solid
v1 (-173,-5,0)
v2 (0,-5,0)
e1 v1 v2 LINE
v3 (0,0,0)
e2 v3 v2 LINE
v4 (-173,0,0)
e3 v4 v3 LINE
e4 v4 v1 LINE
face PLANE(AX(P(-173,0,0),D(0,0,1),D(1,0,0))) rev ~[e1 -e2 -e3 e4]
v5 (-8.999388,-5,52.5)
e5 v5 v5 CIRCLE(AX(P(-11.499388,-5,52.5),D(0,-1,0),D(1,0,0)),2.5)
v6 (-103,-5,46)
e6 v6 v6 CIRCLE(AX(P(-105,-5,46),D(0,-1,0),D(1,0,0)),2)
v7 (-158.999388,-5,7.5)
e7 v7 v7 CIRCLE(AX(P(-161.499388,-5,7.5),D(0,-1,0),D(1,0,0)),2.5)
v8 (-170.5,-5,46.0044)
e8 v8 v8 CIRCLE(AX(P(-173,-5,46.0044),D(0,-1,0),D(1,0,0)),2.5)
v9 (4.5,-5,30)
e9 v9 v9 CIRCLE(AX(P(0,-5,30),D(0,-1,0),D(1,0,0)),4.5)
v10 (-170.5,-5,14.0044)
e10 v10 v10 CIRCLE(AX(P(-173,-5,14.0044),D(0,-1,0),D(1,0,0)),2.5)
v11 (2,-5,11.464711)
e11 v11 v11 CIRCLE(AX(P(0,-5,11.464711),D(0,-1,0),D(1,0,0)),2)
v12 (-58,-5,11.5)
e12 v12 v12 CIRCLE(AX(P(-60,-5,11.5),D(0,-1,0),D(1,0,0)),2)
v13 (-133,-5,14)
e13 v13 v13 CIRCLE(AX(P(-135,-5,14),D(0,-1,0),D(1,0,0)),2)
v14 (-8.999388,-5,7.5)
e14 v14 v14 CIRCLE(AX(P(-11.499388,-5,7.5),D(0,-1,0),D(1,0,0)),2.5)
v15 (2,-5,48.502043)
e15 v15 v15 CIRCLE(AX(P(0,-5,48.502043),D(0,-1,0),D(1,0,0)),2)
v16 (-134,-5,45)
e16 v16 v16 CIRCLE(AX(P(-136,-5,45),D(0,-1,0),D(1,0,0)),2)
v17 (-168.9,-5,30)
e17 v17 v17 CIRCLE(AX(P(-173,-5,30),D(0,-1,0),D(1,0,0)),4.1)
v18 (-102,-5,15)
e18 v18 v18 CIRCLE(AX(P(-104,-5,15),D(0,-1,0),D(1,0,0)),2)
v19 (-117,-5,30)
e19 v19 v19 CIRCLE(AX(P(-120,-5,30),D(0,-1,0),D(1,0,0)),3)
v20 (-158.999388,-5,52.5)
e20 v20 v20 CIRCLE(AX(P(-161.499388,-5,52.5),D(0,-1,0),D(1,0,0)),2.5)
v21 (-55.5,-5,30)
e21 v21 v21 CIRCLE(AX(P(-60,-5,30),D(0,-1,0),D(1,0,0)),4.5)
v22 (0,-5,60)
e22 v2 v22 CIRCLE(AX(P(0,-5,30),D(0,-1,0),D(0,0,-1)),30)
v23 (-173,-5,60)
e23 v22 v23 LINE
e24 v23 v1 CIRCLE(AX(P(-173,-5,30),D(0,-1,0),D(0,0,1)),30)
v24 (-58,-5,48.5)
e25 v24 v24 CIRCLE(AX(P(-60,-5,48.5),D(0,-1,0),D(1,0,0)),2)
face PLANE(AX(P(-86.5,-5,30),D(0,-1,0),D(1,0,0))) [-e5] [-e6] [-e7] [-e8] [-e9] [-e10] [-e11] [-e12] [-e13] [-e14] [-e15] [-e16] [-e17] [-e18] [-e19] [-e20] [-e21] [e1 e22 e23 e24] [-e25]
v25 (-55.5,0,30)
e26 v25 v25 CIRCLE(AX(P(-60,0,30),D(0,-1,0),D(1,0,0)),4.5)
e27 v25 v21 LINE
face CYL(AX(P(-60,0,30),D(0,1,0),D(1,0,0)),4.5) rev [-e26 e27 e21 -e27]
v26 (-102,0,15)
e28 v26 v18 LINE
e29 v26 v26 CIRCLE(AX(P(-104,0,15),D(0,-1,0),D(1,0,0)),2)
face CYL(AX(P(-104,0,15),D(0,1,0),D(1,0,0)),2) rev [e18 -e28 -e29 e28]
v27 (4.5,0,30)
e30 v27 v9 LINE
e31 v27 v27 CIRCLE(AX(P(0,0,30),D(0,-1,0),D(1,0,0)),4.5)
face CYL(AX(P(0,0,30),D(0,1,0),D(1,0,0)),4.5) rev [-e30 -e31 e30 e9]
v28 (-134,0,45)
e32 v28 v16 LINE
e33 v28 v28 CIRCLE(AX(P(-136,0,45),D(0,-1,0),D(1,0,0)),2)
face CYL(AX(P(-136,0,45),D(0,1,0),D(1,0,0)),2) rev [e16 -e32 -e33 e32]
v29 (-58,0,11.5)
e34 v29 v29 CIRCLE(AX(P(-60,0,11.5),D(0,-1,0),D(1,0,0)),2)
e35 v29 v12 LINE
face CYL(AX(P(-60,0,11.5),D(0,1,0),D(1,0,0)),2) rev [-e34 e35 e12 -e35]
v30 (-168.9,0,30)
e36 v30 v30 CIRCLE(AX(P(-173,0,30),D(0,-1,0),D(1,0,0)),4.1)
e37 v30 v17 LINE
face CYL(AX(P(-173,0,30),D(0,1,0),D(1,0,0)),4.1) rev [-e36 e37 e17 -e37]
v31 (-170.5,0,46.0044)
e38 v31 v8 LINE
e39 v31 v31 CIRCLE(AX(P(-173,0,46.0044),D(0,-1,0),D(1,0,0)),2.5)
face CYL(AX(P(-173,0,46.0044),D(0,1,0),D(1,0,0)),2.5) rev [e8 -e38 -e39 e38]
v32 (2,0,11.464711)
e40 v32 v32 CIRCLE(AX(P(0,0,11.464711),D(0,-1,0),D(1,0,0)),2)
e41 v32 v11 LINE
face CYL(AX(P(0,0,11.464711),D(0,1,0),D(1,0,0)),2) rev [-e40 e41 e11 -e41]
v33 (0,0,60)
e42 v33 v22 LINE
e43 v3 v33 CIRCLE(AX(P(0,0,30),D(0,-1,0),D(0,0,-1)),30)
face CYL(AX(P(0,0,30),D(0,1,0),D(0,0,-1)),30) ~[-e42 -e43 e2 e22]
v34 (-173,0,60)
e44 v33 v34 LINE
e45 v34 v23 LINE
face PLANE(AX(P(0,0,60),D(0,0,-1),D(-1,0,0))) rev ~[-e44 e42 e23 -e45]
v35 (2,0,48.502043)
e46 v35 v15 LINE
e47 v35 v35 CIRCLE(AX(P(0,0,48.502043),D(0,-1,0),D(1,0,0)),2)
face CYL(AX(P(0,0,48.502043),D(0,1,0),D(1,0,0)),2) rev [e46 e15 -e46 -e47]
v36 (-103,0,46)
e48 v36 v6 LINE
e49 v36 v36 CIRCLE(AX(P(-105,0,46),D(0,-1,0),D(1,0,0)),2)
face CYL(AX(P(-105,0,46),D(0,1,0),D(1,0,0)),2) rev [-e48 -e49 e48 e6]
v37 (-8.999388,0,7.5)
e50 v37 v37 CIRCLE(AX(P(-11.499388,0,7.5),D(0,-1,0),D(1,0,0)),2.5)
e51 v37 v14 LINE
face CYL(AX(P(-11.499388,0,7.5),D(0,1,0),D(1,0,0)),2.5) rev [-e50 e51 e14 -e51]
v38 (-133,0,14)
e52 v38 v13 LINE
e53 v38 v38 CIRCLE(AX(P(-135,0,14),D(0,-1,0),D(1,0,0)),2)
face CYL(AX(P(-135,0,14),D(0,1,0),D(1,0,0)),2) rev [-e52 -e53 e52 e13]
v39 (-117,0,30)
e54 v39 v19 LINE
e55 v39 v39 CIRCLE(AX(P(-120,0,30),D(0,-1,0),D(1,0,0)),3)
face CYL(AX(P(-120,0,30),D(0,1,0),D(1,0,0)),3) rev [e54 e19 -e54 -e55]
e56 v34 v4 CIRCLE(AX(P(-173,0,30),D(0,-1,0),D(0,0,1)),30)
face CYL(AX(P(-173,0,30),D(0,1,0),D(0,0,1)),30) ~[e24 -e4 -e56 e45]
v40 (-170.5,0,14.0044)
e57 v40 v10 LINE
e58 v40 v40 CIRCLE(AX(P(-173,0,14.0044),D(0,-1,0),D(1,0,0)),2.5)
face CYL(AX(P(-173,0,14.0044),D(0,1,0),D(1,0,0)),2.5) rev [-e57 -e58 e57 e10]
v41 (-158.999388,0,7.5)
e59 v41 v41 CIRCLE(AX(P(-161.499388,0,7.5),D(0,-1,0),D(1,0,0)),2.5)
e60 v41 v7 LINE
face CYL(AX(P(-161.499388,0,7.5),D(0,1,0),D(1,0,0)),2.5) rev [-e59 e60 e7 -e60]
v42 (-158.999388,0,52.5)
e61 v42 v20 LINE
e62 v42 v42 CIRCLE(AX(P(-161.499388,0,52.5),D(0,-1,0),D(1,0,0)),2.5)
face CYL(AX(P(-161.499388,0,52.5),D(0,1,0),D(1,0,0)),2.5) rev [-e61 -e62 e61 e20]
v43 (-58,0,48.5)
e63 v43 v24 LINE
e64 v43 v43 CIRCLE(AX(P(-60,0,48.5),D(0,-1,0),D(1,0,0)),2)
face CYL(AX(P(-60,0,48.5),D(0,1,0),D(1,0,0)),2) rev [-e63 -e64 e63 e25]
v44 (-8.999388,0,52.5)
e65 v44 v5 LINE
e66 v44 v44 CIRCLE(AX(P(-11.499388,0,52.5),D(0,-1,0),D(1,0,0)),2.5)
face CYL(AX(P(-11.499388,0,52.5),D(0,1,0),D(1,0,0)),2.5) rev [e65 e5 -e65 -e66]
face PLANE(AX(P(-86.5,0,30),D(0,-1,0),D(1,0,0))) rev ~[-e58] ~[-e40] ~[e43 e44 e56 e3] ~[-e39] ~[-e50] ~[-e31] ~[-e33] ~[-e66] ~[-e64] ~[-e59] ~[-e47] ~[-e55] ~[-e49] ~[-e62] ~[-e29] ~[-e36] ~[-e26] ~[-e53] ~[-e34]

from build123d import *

# Parameters (mm, degrees)
F0_R     = 2.5
F0_R_2   = 2
F0_R_3   = 4.1
F0_R_4   = 3
F0_R_5   = 4.5
F1_DEPTH = 5


with BuildPart() as f1:
    # F0 (on Front) → F1 (new body)
    with BuildSketch(Plane.XZ):
        with BuildLine():
            Line((-173, 0), (0, 0))
            ThreePointArc((0, 0), (30, 30), (0, 60))
            Line((0, 60), (-173, 60))
            ThreePointArc((-173, 60), (-203, 30), (-173, 0))
        make_face()
        with Locations((-161.499388, 7.5)):
            Circle(F0_R, mode=Mode.SUBTRACT)
        with Locations((-173, 14.0044)):
            Circle(F0_R, mode=Mode.SUBTRACT)
        with Locations((-135, 14)):
            Circle(F0_R_2, mode=Mode.SUBTRACT)
        with Locations((-104, 15)):
            Circle(F0_R_2, mode=Mode.SUBTRACT)
        with Locations((-173, 30)):
            Circle(F0_R_3, mode=Mode.SUBTRACT)
        with Locations((-120, 30)):
            Circle(F0_R_4, mode=Mode.SUBTRACT)
        with Locations((-60, 11.5)):
            Circle(F0_R_2, mode=Mode.SUBTRACT)
        with Locations((-11.499388, 7.5)):
            Circle(F0_R, mode=Mode.SUBTRACT)
        with Locations((0, 11.464711)):
            Circle(F0_R_2, mode=Mode.SUBTRACT)
        with Locations((-60, 30)):
            Circle(F0_R_5, mode=Mode.SUBTRACT)
        with Locations((0, 30)):
            Circle(F0_R_5, mode=Mode.SUBTRACT)
        with Locations((-136, 45)):
            Circle(F0_R_2, mode=Mode.SUBTRACT)
        with Locations((-173, 46.0044)):
            Circle(F0_R, mode=Mode.SUBTRACT)
        with Locations((-161.499388, 52.5)):
            Circle(F0_R, mode=Mode.SUBTRACT)
        with Locations((-105, 46)):
            Circle(F0_R_2, mode=Mode.SUBTRACT)
        with Locations((-60, 48.5)):
            Circle(F0_R_2, mode=Mode.SUBTRACT)
        with Locations((0, 48.502043)):
            Circle(F0_R_2, mode=Mode.SUBTRACT)
        with Locations((-11.499388, 52.5)):
            Circle(F0_R, mode=Mode.SUBTRACT)
    extrude(amount=F1_DEPTH)


solid = f1.part
